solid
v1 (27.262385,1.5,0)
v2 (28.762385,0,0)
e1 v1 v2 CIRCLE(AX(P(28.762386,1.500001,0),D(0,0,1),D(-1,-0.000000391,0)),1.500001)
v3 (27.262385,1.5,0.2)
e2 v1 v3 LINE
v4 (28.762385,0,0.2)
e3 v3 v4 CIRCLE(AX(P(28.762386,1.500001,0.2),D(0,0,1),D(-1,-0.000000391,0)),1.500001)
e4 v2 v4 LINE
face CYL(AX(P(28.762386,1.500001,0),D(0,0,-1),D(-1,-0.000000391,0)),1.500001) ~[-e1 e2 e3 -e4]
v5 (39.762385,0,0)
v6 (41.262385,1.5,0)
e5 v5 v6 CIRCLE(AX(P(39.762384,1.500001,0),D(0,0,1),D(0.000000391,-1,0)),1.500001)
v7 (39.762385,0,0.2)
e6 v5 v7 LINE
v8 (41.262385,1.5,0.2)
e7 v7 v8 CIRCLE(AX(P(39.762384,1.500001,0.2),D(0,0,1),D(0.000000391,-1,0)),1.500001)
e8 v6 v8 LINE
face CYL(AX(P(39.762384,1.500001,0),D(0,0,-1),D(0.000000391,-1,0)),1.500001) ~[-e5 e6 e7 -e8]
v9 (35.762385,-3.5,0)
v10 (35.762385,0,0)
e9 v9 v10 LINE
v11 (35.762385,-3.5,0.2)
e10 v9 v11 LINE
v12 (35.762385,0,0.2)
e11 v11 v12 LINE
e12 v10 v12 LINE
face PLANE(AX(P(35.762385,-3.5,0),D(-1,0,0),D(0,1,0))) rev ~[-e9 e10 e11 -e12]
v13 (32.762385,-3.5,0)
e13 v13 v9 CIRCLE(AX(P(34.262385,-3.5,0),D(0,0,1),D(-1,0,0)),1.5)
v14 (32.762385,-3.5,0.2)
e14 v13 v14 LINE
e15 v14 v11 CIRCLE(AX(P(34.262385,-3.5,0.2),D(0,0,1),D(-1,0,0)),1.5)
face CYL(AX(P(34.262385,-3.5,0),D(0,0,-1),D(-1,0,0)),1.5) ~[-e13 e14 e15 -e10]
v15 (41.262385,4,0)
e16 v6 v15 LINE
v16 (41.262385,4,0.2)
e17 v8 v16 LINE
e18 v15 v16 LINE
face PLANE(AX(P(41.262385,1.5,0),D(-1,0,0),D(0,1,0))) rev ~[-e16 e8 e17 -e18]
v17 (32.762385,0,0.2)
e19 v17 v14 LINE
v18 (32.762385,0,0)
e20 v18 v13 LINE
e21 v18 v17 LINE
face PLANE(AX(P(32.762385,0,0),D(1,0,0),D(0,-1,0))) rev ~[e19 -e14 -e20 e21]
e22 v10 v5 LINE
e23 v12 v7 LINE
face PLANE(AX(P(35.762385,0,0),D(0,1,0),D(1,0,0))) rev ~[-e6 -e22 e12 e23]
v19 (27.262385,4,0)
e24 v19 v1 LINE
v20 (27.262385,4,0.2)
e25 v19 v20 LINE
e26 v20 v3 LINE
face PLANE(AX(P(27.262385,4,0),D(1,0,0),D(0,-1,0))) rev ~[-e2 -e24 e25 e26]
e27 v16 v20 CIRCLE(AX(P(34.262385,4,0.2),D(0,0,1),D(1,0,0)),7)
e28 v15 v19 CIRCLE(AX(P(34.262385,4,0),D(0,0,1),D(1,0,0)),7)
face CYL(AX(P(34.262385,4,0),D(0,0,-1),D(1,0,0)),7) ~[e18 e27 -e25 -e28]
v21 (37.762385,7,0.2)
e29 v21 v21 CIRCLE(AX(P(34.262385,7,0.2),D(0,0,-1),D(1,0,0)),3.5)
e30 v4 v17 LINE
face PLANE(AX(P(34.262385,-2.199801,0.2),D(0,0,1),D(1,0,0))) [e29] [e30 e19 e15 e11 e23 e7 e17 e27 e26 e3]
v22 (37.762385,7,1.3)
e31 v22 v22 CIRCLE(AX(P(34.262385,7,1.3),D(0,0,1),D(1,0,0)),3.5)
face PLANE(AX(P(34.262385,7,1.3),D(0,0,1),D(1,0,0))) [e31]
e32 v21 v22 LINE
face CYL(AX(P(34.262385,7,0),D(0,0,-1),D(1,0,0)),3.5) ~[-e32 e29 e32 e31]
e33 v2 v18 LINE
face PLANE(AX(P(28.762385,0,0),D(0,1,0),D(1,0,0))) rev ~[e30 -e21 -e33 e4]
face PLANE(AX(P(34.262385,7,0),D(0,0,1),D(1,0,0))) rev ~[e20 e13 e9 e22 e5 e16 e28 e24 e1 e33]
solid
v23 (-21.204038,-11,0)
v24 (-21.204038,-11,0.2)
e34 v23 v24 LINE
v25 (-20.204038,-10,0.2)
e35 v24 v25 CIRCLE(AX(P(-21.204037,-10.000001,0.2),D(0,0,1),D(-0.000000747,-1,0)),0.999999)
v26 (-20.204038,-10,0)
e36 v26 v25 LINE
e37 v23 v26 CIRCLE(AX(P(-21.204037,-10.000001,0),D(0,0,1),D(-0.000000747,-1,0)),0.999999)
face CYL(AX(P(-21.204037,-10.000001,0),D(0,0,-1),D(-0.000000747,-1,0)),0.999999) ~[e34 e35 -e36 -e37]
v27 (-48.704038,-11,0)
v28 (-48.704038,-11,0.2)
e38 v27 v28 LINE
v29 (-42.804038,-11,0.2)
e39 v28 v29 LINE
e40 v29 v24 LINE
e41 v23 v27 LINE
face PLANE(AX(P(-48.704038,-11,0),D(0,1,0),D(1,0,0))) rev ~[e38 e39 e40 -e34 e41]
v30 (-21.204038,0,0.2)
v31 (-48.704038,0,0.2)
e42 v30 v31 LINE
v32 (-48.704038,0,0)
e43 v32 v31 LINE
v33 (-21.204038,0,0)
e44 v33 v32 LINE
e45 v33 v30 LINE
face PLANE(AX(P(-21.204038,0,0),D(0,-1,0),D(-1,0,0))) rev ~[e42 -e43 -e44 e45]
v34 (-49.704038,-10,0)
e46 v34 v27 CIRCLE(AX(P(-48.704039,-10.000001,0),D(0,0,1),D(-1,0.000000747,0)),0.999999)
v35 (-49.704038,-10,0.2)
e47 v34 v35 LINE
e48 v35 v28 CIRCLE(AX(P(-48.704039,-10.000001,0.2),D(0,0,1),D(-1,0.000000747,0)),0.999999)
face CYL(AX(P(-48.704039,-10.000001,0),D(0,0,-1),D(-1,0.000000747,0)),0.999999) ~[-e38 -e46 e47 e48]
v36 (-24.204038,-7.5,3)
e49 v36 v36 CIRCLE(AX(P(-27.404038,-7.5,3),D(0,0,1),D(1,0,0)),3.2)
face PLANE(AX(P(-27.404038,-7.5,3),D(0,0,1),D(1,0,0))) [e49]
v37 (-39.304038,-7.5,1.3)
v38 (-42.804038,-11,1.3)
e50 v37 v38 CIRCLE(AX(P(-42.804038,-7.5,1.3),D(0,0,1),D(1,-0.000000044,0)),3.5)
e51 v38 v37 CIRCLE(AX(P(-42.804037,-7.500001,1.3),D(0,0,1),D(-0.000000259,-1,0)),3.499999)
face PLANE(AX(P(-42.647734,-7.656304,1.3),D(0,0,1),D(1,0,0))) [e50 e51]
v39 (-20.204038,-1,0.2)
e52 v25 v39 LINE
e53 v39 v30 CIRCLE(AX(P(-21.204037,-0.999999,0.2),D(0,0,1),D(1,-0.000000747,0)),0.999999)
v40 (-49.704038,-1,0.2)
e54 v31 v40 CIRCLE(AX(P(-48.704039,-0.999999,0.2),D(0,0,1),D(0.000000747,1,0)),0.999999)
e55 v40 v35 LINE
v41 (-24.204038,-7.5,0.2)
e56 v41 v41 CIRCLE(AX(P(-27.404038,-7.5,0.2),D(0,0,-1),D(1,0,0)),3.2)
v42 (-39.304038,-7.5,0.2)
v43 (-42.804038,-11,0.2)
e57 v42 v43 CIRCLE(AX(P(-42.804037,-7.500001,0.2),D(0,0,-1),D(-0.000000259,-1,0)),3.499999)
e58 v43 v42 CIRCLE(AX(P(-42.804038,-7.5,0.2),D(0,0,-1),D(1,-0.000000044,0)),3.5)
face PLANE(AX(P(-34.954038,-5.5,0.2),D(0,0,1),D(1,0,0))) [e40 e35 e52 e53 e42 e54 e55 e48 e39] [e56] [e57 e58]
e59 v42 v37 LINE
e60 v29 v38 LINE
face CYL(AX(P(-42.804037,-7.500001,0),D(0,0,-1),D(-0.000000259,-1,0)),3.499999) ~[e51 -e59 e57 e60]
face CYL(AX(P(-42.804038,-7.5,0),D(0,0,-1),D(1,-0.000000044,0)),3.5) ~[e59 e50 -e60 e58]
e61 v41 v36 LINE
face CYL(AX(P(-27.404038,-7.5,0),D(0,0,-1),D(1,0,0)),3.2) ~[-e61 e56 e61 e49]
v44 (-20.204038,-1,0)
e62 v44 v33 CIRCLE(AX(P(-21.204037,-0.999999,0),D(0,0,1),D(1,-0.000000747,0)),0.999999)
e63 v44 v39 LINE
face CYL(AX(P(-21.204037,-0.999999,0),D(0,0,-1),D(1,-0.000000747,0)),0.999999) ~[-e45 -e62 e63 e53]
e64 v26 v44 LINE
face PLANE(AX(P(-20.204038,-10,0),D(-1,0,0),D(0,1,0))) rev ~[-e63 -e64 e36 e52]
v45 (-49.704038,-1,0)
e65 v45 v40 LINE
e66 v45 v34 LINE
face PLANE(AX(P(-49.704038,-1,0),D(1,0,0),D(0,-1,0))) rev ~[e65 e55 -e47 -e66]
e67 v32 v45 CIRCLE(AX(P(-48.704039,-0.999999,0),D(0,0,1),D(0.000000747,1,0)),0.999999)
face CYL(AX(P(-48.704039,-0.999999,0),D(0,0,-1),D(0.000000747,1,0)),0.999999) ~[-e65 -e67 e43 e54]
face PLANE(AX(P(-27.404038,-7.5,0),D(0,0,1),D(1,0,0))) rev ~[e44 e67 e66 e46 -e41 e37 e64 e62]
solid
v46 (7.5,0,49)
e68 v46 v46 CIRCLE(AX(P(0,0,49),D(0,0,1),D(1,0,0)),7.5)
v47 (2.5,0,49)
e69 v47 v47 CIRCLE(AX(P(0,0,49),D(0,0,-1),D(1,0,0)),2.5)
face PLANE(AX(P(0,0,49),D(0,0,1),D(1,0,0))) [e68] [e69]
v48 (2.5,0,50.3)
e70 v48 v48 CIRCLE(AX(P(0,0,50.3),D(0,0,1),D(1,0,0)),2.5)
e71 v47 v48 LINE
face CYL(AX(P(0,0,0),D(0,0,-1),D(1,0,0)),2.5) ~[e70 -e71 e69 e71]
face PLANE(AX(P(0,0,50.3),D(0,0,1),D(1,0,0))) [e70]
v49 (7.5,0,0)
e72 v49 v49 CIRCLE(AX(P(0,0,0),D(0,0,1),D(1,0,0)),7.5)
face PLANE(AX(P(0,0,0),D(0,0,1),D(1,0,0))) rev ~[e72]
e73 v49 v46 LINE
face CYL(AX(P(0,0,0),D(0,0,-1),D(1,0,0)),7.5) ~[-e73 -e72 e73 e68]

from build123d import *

# Parameters (mm, degrees)
F0_R     = 3.2
F1_DEPTH = 0.2
F2_DEPTH = 1.3
F3_DEPTH = 3
F0_R_2   = 7.5
F0_R_3   = 2.5
F4_DEPTH = 49
F5_DEPTH = 50.3
F0_R_4   = 3.5
F6_DEPTH = 0.2
F7_DEPTH = 1.3


with BuildPart() as f1:
    # F0 (on Top) → F1 (new body)
    with BuildSketch(Plane.XY):
        with BuildLine():
            Line((-21.204038, 0), (-48.704038, 0))
            ThreePointArc((-48.704038, 0), (-49.411145, -0.292893), (-49.704038, -1))
            Line((-49.704038, -1), (-49.704038, -10))
            ThreePointArc((-49.704038, -10), (-49.411145, -10.707107), (-48.704038, -11))
            Line((-48.704038, -11), (-42.804038, -11))
            Line((-42.804038, -11), (-21.204038, -11))
            ThreePointArc((-21.204038, -11), (-20.496931, -10.707107), (-20.204038, -10))
            Line((-20.204038, -10), (-20.204038, -1))
            ThreePointArc((-20.204038, -1), (-20.496931, -0.292893), (-21.204038, 0))
        make_face()
        with BuildLine():
            ThreePointArc((-39.304038, -7.5), (-40.329164, -9.974874), (-42.804038, -11))
            ThreePointArc((-42.804038, -11), (-45.278912, -5.025126), (-39.304038, -7.5))
        make_face(mode=Mode.SUBTRACT)
        with Locations((-27.404038, -7.5)):
            Circle(F0_R, mode=Mode.SUBTRACT)
        with BuildLine():
            ThreePointArc((-39.304038, -7.5), (-45.278912, -5.025126), (-42.804038, -11))
            ThreePointArc((-42.804038, -11), (-40.329164, -9.974874), (-39.304038, -7.5))
        make_face()
        with Locations((-27.404038, -7.5)):
            Circle(F0_R)
    extrude(amount=F1_DEPTH)

    # F0 (on Top) → F2 (join)
    with BuildSketch(Plane.XY):
        with BuildLine():
            ThreePointArc((-39.304038, -7.5), (-45.278912, -5.025126), (-42.804038, -11))
            ThreePointArc((-42.804038, -11), (-40.329164, -9.974874), (-39.304038, -7.5))
        make_face()
    extrude(amount=F2_DEPTH)

    # F0 (on Top) → F3 (join)
    with BuildSketch(Plane.XY):
        with Locations((-27.404038, -7.5)):
            Circle(F0_R)
    extrude(amount=F3_DEPTH)


with BuildPart() as f4:
    # F0 (on Top) → F4 (new body)
    with BuildSketch(Plane.XY):
        Circle(F0_R_2)
        Circle(F0_R_3, mode=Mode.SUBTRACT)
        Circle(F0_R_3)
    extrude(amount=F4_DEPTH)

    # F0 (on Top) → F5 (join)
    with BuildSketch(Plane.XY):
        Circle(F0_R_3)
    extrude(amount=F5_DEPTH)


with BuildPart() as f6:
    # F0 (on Top) → F6 (new body)
    with BuildSketch(Plane.XY):
        with BuildLine():
            Line((35.762385, 0), (32.762385, 0))
            Line((32.762385, 0), (32.762385, -3.5))
            ThreePointArc((32.762385, -3.5), (34.262385, -5), (35.762385, -3.5))
            Line((35.762385, -3.5), (35.762385, 0))
        make_face()
        with BuildLine():
            ThreePointArc((27.262385, 1.5), (27.701725, 0.43934), (28.762385, 0))
            Line((28.762385, 0), (32.762385, 0))
            Line((32.762385, 0), (35.762385, 0))
            Line((35.762385, 0), (39.762385, 0))
            ThreePointArc((39.762385, 0), (40.823045, 0.43934), (41.262385, 1.5))
            Line((41.262385, 1.5), (41.262385, 4))
            ThreePointArc((41.262385, 4), (34.262385, 11), (27.262385, 4))
            Line((27.262385, 4), (27.262385, 1.5))
        make_face()
        with Locations((34.262385, 7)):
            Circle(F0_R_4, mode=Mode.SUBTRACT)
        with Locations((34.262385, 7)):
            Circle(F0_R_4)
    extrude(amount=F6_DEPTH)

    # F0 (on Top) → F7 (join)
    with BuildSketch(Plane.XY):
        with Locations((34.262385, 7)):
            Circle(F0_R_4)
    extrude(amount=F7_DEPTH)


solid = Compound([f1.part, f4.part, f6.part])
